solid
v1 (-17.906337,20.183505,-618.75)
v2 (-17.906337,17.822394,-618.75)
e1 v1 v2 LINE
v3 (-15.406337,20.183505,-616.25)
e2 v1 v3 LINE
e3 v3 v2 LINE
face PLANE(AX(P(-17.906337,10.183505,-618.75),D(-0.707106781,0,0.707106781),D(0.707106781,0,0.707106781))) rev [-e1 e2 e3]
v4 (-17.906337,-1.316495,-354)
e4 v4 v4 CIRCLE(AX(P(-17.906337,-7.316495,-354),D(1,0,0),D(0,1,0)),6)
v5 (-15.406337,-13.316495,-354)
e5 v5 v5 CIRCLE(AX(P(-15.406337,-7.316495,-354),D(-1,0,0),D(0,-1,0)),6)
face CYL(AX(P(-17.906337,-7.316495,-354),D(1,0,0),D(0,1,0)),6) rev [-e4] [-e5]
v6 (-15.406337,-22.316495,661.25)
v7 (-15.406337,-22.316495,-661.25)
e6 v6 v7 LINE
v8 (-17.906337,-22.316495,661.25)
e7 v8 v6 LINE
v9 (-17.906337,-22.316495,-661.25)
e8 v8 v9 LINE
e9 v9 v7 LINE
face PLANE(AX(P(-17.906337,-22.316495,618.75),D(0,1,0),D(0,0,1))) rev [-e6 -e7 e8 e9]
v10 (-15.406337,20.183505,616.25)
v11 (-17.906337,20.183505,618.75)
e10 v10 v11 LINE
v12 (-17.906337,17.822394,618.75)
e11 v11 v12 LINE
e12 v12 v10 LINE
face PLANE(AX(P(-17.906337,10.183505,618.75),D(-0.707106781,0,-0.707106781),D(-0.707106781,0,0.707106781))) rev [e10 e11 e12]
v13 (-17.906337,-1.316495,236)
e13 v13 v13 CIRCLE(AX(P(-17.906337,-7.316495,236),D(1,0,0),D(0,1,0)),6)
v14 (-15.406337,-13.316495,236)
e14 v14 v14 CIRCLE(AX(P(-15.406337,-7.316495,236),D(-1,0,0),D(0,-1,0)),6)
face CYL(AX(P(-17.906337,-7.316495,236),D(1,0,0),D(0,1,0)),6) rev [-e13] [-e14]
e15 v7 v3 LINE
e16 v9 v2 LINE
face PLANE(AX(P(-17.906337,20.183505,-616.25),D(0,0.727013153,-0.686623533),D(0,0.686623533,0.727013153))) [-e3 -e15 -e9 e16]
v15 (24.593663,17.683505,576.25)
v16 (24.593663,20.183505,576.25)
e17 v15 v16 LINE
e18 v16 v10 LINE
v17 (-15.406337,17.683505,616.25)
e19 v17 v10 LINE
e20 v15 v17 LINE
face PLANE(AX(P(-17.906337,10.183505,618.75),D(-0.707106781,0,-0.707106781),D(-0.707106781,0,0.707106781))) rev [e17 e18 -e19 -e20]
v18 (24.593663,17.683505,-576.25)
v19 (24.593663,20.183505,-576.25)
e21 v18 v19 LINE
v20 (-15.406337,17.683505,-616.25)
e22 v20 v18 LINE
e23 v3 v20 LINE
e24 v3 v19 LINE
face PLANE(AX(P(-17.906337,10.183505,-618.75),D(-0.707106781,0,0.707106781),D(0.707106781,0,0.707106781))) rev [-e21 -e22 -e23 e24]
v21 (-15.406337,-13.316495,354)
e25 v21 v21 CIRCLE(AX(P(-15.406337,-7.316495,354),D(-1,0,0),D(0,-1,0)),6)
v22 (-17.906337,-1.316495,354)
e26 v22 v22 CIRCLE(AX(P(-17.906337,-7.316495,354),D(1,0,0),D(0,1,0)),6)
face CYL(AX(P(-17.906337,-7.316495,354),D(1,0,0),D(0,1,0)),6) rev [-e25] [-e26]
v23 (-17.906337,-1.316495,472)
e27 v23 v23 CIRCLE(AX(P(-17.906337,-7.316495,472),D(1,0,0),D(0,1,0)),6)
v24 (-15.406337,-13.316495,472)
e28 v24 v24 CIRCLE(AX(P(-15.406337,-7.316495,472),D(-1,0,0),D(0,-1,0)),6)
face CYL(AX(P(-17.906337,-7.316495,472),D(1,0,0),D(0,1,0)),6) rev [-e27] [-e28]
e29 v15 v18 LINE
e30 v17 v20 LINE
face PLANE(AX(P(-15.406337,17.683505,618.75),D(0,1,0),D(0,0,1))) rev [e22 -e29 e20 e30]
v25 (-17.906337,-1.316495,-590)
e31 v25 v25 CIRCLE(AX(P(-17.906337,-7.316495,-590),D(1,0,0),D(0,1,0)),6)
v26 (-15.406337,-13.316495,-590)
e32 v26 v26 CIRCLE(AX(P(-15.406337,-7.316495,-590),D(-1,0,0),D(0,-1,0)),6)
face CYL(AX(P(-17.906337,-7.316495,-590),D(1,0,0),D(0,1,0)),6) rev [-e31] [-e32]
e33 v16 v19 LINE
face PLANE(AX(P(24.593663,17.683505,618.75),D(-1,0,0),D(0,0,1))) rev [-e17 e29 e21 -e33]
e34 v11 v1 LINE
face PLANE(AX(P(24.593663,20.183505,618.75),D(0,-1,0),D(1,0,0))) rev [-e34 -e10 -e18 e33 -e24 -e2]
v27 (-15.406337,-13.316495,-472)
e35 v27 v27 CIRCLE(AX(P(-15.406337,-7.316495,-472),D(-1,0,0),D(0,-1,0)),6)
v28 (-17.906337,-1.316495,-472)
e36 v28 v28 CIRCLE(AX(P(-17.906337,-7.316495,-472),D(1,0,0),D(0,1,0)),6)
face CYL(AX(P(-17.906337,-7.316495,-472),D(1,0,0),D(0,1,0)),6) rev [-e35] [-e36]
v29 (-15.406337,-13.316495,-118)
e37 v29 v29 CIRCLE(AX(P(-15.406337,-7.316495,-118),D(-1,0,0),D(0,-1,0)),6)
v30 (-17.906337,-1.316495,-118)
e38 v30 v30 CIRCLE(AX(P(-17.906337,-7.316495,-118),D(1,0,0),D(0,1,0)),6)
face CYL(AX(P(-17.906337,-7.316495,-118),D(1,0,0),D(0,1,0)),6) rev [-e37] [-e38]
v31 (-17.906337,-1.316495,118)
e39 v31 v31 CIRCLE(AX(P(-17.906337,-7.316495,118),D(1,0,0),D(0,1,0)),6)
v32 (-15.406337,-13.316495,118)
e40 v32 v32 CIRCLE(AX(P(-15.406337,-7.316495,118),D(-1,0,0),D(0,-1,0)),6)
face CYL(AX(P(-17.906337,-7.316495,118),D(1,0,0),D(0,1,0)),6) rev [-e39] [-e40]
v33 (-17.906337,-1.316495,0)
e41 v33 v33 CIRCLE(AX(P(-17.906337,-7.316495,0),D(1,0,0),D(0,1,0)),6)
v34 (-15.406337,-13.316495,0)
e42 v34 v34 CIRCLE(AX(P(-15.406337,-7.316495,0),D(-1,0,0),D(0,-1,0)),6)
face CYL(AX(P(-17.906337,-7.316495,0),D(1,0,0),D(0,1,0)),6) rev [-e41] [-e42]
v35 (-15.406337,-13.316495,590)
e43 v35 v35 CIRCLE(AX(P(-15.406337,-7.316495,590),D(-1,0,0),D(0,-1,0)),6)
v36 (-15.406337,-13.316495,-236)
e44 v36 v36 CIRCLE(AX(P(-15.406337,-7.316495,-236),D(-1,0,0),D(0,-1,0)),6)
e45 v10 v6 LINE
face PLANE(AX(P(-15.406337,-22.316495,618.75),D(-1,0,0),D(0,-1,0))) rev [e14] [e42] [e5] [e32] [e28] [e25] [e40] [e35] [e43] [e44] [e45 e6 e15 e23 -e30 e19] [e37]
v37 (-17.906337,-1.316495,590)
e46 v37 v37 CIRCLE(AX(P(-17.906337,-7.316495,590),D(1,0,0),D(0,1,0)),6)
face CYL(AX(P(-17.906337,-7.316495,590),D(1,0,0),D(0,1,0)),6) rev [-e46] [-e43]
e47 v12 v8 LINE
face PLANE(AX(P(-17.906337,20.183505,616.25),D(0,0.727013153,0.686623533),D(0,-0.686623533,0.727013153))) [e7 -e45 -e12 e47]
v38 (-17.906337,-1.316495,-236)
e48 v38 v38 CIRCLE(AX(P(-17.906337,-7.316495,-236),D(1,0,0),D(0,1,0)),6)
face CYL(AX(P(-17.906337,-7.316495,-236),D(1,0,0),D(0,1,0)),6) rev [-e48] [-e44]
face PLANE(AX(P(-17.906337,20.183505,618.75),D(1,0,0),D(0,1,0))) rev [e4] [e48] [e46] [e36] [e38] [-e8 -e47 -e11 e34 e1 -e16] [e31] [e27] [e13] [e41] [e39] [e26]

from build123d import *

# Parameters (mm, degrees)
BOSS_EXTRUDE1_DEPTH     = 618.75
CUT_EXTRUDE1_DEPTH      = 10
BOSS_EXTRUDE5_DEPTH     = 2.5
CUT_EXTRUDE2_DEPTH      = 663.834510593
CUT_EXTRUDE2_DEPTH_BACK = 663.834510593
SKETCH5_R               = 6


with BuildPart() as part:
    # Sketch1 → Boss-Extrude1 (new, symmetric)
    with BuildSketch(Plane.XY):
        Polygon((-17.90633676, 20.183505355), (-17.90633676, -22.316494645), (-15.40633676, -22.316494645), (-15.40633676, 17.683505355), (24.59366324, 17.683505355), (24.59366324, 20.183505355), align=None)
    extrude(amount=BOSS_EXTRUDE1_DEPTH, both=True)

    # Sketch2 → Cut-Extrude1 (cut)
    with BuildSketch(Plane(origin=(0, 20.183505355, 0), x_dir=(1, 0, 0), z_dir=(0, 1, 0))):
        Polygon((-17.90633676, 618.75), (24.59366324, 576.25), (24.59366324, 618.75), align=None)
        Polygon((24.59366324, -576.25), (24.59366324, -618.75), (-17.90633676, -618.75), align=None)
    extrude(amount=-CUT_EXTRUDE1_DEPTH, mode=Mode.SUBTRACT)

    # Sketch3 → Boss-Extrude5 (add)
    with BuildSketch(Plane(origin=(-15.40633676, 0, 0), x_dir=(0, 0, -1), z_dir=(1, 0, 0))):
        Polygon((-616.25, 20.183505355), (-661.25, -22.316494645), (-616.25, -22.316494645), align=None)
        Polygon((616.25, 20.183505355), (661.25, -22.316494645), (616.25, -22.316494645), align=None)
    extrude(amount=-BOSS_EXTRUDE5_DEPTH)

    # Sketch5 → Cut-Extrude2 (cut, two sides: drawn at the far end of the back side and taken through both)
    with BuildSketch(Plane(origin=(-15.40633676, 0, 0), x_dir=(0, 0, -1), z_dir=(1, 0, 0)).offset(-CUT_EXTRUDE2_DEPTH_BACK)):
        with Locations(Location((-590, -7.316494645, 0), (0, 0, 90))):
            Circle(SKETCH5_R)
        with Locations(Location((-472, -7.316494645, 0), (0, 0, 90))):
            Circle(SKETCH5_R)
        with Locations(Location((-354, -7.316494645, 0), (0, 0, 90))):
            Circle(SKETCH5_R)
        with Locations(Location((-236, -7.316494645, 0), (0, 0, 90))):
            Circle(SKETCH5_R)
        with Locations(Location((-118, -7.316494645, 0), (0, 0, 90))):
            Circle(SKETCH5_R)
        with Locations(Location((0, -7.316494645, 0), (0, 0, 90))):
            Circle(SKETCH5_R)
        with Locations(Location((118, -7.316494645, 0), (0, 0, 90))):
            Circle(SKETCH5_R)
        with Locations(Location((236, -7.316494645, 0), (0, 0, 90))):
            Circle(SKETCH5_R)
        with Locations(Location((354, -7.316494645, 0), (0, 0, 90))):
            Circle(SKETCH5_R)
        with Locations(Location((472, -7.316494645, 0), (0, 0, 90))):
            Circle(SKETCH5_R)
        with Locations(Location((590, -7.316494645, 0), (0, 0, 90))):
            Circle(SKETCH5_R)
    extrude(amount=CUT_EXTRUDE2_DEPTH + CUT_EXTRUDE2_DEPTH_BACK, mode=Mode.SUBTRACT)


solid = part.part
